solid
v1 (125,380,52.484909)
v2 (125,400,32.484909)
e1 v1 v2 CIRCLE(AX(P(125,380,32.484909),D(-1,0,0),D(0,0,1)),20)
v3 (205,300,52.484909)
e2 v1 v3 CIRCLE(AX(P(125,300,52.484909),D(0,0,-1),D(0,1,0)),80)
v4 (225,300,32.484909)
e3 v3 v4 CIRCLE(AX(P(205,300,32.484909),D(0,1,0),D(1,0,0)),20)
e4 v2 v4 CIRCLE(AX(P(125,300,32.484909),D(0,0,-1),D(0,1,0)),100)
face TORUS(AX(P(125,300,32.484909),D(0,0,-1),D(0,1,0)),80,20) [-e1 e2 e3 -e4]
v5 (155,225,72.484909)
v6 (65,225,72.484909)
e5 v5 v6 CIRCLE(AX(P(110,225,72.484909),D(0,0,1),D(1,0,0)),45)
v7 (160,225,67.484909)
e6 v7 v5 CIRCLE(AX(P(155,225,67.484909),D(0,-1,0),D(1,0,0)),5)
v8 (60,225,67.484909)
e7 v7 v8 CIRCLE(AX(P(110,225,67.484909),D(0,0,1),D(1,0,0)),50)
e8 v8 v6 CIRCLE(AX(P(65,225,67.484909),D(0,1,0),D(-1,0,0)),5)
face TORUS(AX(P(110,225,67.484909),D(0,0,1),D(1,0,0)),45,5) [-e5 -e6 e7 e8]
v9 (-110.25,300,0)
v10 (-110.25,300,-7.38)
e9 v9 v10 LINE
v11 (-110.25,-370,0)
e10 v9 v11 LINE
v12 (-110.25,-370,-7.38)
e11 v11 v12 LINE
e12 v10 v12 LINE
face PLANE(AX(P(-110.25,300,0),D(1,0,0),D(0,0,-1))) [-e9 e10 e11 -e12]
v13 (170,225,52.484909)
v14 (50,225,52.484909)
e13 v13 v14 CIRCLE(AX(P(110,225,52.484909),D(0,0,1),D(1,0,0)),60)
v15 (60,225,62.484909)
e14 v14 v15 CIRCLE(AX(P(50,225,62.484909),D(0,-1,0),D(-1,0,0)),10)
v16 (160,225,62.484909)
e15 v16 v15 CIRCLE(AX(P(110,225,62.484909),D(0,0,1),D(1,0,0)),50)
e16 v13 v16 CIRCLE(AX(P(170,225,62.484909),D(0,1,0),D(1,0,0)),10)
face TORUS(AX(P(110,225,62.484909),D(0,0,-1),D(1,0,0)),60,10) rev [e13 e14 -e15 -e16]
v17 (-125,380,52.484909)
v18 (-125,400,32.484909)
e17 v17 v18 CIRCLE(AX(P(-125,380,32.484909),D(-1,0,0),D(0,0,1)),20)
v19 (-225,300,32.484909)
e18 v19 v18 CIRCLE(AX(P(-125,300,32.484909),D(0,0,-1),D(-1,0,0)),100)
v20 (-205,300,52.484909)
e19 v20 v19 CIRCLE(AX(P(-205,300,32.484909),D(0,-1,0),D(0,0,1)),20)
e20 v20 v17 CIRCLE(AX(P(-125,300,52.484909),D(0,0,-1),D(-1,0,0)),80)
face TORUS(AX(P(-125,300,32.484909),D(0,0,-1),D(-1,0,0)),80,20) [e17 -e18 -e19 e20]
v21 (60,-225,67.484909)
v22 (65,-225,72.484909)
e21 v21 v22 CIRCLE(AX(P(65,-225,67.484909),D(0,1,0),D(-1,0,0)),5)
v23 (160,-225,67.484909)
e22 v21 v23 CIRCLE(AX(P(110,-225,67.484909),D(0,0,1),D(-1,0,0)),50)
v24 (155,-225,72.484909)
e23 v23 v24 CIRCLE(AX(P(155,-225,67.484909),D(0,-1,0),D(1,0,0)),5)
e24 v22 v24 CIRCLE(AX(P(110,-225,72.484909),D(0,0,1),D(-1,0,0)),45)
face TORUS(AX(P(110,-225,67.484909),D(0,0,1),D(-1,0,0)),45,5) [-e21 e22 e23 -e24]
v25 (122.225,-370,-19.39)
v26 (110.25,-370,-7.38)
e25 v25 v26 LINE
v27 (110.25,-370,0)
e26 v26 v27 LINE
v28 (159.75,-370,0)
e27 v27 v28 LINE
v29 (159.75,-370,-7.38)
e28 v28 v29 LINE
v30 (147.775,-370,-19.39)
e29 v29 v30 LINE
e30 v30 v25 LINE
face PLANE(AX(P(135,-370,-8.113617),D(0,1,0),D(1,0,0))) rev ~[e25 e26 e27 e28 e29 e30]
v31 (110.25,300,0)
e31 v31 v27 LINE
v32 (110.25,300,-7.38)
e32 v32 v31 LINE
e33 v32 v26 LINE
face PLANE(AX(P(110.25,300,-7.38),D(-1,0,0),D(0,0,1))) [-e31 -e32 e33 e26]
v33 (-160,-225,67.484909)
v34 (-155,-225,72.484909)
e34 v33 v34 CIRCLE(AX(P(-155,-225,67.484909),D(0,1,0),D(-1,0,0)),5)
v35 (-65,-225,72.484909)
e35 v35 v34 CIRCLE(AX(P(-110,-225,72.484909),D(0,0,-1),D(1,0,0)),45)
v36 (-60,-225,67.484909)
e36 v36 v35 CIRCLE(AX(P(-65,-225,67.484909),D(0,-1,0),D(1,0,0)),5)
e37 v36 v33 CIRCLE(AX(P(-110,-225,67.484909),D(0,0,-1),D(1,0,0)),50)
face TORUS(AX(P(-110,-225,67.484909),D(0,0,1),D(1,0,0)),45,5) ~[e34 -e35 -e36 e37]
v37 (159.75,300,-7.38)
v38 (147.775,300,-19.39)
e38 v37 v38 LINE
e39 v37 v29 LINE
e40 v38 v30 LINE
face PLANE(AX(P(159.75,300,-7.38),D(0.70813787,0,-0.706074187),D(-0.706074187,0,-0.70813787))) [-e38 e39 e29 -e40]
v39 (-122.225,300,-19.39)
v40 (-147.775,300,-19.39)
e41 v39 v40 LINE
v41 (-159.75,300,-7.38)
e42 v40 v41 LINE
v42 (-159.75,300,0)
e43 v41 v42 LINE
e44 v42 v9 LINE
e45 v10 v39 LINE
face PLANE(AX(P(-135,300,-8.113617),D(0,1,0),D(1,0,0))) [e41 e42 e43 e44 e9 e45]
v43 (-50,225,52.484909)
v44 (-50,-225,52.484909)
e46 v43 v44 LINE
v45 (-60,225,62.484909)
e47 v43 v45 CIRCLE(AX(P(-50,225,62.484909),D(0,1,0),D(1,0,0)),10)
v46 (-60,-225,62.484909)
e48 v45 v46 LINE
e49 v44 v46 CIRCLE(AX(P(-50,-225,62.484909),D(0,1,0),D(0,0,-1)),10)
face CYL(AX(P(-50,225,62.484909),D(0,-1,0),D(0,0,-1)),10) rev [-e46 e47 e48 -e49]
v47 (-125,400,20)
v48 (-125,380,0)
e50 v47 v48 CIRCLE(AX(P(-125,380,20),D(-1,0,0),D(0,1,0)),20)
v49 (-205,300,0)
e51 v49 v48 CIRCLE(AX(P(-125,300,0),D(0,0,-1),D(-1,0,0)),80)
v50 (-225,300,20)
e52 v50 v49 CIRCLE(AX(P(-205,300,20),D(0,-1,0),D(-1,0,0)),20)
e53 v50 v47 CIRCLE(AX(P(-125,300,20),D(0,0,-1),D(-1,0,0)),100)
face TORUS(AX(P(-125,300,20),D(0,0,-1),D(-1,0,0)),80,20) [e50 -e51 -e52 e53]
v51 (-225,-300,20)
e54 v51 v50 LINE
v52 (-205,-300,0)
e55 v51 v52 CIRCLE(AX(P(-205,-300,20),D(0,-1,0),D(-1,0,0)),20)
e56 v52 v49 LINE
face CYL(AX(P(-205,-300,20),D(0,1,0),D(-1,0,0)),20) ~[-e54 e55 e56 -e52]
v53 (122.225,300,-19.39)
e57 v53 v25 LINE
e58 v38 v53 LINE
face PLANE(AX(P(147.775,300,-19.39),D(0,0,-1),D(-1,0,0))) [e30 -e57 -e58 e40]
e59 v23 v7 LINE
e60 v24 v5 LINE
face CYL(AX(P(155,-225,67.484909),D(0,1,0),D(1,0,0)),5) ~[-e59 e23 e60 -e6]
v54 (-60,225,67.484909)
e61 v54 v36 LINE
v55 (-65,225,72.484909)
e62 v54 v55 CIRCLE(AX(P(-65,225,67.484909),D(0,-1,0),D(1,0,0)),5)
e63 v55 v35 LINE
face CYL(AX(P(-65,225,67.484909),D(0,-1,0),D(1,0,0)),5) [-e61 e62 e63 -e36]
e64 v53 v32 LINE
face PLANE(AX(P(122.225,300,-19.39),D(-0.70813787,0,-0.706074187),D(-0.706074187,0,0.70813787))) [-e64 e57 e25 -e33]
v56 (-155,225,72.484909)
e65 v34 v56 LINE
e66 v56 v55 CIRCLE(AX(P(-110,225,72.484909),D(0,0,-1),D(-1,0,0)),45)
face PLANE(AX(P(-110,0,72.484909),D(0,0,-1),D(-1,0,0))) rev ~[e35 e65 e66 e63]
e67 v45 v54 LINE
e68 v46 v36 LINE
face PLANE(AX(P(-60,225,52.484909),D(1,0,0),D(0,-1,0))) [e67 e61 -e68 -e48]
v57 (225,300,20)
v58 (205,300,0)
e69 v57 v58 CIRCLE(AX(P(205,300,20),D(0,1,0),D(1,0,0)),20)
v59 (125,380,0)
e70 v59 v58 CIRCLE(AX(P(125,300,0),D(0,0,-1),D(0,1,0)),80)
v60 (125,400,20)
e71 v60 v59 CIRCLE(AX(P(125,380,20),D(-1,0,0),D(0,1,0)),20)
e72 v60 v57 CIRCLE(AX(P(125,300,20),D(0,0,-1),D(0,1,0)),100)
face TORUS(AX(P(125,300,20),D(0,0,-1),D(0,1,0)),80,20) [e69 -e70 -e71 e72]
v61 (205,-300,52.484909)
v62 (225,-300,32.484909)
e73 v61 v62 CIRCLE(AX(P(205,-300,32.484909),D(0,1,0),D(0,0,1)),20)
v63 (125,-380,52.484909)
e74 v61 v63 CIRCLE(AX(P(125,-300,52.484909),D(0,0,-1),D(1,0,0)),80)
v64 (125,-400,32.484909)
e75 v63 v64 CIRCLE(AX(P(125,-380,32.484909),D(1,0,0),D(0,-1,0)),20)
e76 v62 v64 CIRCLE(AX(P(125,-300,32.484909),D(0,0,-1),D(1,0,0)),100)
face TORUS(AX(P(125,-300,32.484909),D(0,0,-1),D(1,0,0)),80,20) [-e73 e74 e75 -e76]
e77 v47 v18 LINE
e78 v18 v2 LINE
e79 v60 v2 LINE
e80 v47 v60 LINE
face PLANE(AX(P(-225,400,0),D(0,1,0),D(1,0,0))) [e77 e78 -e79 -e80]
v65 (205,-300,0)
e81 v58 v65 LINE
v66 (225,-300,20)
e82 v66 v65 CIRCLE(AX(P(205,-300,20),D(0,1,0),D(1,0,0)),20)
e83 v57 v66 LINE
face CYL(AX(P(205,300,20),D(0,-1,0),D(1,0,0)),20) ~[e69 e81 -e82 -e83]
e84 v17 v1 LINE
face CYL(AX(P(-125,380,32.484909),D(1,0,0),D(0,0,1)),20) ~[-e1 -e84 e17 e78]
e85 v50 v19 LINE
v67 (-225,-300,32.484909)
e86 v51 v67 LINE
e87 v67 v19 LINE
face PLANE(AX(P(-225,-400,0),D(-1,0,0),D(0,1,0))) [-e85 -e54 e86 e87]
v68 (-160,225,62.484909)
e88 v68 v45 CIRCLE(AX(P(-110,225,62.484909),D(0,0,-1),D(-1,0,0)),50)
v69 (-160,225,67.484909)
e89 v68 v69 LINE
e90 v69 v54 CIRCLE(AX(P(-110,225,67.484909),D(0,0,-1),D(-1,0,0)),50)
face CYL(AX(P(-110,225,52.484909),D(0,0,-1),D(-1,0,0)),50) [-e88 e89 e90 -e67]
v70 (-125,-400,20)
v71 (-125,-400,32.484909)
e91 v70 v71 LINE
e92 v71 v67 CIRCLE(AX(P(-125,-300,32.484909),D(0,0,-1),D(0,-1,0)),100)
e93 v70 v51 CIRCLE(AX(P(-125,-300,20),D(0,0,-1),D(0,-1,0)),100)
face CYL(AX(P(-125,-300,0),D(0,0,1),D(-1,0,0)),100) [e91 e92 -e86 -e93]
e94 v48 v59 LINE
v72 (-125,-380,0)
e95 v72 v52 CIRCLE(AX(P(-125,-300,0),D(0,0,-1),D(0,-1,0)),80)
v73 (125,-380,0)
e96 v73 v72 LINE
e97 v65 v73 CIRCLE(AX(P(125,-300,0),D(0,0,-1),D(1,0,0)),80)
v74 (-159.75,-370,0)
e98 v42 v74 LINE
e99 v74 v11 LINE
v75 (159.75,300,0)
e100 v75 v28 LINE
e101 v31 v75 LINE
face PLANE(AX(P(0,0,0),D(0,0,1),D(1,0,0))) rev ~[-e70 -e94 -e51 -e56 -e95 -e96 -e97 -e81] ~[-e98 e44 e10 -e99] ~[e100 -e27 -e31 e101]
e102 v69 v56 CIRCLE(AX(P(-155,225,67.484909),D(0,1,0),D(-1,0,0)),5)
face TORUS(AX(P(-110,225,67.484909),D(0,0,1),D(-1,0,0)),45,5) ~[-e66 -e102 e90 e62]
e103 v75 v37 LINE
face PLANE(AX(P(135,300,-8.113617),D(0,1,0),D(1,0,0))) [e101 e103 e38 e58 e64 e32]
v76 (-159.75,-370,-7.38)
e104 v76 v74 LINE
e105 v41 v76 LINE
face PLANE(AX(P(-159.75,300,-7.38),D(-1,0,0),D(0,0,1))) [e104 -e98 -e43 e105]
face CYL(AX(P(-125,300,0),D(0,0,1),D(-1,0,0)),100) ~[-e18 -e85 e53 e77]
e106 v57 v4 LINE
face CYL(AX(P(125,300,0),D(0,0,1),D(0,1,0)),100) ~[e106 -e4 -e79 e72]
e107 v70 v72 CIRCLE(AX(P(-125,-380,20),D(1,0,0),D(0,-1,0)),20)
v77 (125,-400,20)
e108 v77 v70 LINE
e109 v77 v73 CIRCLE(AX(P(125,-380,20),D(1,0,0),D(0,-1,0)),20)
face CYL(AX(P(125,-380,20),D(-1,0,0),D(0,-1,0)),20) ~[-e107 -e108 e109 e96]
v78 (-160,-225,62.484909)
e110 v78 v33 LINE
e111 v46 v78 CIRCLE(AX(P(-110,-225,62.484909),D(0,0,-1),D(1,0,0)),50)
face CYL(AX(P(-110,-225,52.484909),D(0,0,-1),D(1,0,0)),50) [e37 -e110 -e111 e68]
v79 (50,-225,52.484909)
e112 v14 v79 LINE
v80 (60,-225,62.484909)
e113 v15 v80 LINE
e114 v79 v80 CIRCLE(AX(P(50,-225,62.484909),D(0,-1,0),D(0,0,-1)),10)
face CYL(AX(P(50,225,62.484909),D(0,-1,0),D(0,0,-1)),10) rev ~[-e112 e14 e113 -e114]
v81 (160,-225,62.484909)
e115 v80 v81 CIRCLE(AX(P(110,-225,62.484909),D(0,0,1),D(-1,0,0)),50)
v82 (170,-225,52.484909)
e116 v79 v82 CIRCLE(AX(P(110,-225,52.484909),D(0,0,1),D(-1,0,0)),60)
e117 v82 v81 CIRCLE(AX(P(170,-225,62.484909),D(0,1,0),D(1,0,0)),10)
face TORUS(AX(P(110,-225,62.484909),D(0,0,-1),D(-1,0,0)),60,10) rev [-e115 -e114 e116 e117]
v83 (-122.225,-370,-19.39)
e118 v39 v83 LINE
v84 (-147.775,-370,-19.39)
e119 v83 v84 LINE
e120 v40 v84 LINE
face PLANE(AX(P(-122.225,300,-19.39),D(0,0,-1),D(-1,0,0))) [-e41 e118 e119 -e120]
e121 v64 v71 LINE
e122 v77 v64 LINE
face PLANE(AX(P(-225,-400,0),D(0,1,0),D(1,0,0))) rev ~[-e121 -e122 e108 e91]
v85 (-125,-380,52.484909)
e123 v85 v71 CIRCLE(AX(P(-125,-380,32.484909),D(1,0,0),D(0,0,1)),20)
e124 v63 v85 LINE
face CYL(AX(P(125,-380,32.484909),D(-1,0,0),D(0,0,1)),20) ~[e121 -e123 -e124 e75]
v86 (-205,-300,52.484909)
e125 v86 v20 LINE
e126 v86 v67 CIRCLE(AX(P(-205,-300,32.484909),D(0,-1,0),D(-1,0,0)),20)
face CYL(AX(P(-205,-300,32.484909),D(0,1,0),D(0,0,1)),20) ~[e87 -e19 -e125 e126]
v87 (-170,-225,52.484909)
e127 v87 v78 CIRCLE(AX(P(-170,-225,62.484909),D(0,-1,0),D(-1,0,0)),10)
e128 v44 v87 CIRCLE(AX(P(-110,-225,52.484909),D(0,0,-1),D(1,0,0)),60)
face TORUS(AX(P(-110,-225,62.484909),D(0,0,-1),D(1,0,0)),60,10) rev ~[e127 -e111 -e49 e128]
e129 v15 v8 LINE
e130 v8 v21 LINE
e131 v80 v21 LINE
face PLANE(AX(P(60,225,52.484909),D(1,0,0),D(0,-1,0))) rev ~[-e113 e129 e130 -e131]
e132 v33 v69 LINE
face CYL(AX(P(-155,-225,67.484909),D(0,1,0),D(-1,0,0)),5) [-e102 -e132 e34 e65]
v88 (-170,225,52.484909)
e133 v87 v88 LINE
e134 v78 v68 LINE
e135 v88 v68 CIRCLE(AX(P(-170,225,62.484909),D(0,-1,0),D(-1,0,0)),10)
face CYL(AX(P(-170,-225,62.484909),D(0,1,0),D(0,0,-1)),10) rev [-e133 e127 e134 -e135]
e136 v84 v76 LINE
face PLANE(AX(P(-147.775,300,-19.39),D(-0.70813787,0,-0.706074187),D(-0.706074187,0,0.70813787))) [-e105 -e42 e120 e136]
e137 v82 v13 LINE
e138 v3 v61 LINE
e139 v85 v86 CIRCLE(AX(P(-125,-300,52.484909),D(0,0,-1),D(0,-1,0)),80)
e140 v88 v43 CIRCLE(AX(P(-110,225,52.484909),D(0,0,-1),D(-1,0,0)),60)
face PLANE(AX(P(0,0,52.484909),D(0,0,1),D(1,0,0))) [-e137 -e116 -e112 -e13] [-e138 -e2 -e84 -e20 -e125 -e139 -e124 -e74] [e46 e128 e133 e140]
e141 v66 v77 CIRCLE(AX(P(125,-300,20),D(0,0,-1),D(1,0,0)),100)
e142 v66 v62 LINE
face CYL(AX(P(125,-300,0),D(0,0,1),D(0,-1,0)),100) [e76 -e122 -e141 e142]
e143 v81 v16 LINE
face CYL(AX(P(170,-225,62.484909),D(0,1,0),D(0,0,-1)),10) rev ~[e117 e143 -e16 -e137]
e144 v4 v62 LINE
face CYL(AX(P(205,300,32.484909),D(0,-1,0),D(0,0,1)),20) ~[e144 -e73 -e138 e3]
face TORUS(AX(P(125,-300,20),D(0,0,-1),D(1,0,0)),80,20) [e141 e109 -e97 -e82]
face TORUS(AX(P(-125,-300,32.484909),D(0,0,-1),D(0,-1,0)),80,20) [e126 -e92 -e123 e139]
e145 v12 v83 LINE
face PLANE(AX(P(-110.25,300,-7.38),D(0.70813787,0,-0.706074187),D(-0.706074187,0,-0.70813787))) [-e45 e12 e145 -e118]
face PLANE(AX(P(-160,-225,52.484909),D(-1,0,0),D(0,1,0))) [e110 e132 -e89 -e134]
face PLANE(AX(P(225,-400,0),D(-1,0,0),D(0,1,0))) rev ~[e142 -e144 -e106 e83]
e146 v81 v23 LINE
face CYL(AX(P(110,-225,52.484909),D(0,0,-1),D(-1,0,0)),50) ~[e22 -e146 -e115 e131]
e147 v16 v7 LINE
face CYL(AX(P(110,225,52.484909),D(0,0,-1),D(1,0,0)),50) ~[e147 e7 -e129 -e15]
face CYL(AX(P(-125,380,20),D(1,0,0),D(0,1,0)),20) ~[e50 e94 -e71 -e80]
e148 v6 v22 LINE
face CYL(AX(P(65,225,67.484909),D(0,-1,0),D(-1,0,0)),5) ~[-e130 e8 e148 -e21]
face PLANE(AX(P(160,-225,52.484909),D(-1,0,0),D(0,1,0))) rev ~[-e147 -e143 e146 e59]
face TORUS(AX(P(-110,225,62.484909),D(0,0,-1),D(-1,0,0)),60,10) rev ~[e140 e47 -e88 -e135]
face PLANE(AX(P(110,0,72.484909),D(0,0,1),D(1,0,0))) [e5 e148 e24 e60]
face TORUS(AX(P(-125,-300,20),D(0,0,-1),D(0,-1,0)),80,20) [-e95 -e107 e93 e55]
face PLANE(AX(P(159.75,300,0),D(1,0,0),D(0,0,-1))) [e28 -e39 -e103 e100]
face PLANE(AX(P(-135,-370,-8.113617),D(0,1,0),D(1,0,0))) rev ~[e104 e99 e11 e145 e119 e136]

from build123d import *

# Parameters (mm, degrees)
SKETCH_1_W      = 450
SKETCH_1_H      = 800
EXTRUDE_1_DEPTH = 52.484908593
EXTRUDE_2_DEPTH = 20
FILLET_1_R      = 100
FILLET_2_R      = 10
FILLET_3_R      = 5
FILLET_4_R      = 20
EXTRUDE_START   = -100
EXTRUDE_3_DEPTH = 670


with BuildPart() as part:
    # 草图1 → 凸台-拉伸1 (new body)
    with BuildSketch(Plane.XY):
        Rectangle(SKETCH_1_W, SKETCH_1_H)
    extrude(amount=EXTRUDE_1_DEPTH)

    # 草图2 → 凸台-拉伸2 (add)
    with BuildSketch(Plane.XY.offset(52.484908593)):
        with BuildLine():
            Line((-60, 225), (-60, -225))
            ThreePointArc((-60, -225), (-110, -275), (-160, -225))
            Line((-160, -225), (-160, 225))
            ThreePointArc((-160, 225), (-110, 275), (-60, 225))
        make_face()
        with BuildLine():
            Line((60, 225), (60, -225))
            ThreePointArc((60, -225), (110, -275), (160, -225))
            Line((160, -225), (160, 225))
            ThreePointArc((160, 225), (110, 275), (60, 225))
        make_face()
    extrude(amount=EXTRUDE_2_DEPTH)

    # 圆角1
    fillet_1_edges = [part.edges().sort_by_distance(p)[0] for p in [
        (225, -400, 26.242454296),
        (-225, -400, 26.242454296),
        (-225, 400, 26.242454296),
        (225, 400, 26.242454296),
    ]]
    fillet(fillet_1_edges, radius=FILLET_1_R)

    # 圆角2
    fillet_2_edges = [part.edges().sort_by_distance(p)[0] for p in [
        (-110, 275, 52.484908593),
        (-160, 0, 52.484908593),
        (-110, -275, 52.484908593),
        (-60, 0, 52.484908593),
        (110, 275, 52.484908593),
        (60, 0, 52.484908593),
        (110, -275, 52.484908593),
        (160, 0, 52.484908593),
    ]]
    fillet(fillet_2_edges, radius=FILLET_2_R)

    # 圆角3
    fillet_3_edges = [part.edges().sort_by_distance(p)[0] for p in [
        (-110, 275, 72.484908593),
        (-160, 0, 72.484908593),
        (-110, -275, 72.484908593),
        (-60, 0, 72.484908593),
        (110, 275, 72.484908593),
        (60, 0, 72.484908593),
        (110, -275, 72.484908593),
        (160, 0, 72.484908593),
    ]]
    fillet(fillet_3_edges, radius=FILLET_3_R)

    # 圆角4
    fillet_4_edges = [part.edges().sort_by_distance(p)[0] for p in [
        (0, 400, 0),
        (0, 400, 52.484908593),
        (225, 0, 0),
        (0, -400, 0),
        (-225, 0, 0),
        (-195.710678119, -370.710678119, 0),
        (195.710678119, -370.710678119, 0),
        (-195.710678119, 370.710678119, 0),
        (195.710678119, 370.710678119, 0),
        (225, 0, 52.484908593),
        (-225, 0, 52.484908593),
        (0, -400, 52.484908593),
        (-195.710678119, -370.710678119, 52.484908593),
        (195.710678119, -370.710678119, 52.484908593),
        (-195.710678119, 370.710678119, 52.484908593),
        (195.710678119, 370.710678119, 52.484908593),
    ]]
    fillet(fillet_4_edges, radius=FILLET_4_R)

    # 草图3 → 凸台-拉伸3 (add)
    with BuildSketch(Plane(origin=(0, 400, 0), x_dir=(1, 0, 0), z_dir=(0, 1, 0)).offset(EXTRUDE_START)):
        Polygon((-159.75, 0), (-110.25, 0), (-110.25, 7.38), (-122.225, 19.39), (-147.775, 19.39), (-159.75, 7.38), align=None)
        Polygon((159.75, 0), (159.75, 7.38), (147.775, 19.39), (122.225, 19.39), (110.25, 7.38), (110.25, 0), align=None)
    extrude(amount=-EXTRUDE_3_DEPTH)


solid = part.part
